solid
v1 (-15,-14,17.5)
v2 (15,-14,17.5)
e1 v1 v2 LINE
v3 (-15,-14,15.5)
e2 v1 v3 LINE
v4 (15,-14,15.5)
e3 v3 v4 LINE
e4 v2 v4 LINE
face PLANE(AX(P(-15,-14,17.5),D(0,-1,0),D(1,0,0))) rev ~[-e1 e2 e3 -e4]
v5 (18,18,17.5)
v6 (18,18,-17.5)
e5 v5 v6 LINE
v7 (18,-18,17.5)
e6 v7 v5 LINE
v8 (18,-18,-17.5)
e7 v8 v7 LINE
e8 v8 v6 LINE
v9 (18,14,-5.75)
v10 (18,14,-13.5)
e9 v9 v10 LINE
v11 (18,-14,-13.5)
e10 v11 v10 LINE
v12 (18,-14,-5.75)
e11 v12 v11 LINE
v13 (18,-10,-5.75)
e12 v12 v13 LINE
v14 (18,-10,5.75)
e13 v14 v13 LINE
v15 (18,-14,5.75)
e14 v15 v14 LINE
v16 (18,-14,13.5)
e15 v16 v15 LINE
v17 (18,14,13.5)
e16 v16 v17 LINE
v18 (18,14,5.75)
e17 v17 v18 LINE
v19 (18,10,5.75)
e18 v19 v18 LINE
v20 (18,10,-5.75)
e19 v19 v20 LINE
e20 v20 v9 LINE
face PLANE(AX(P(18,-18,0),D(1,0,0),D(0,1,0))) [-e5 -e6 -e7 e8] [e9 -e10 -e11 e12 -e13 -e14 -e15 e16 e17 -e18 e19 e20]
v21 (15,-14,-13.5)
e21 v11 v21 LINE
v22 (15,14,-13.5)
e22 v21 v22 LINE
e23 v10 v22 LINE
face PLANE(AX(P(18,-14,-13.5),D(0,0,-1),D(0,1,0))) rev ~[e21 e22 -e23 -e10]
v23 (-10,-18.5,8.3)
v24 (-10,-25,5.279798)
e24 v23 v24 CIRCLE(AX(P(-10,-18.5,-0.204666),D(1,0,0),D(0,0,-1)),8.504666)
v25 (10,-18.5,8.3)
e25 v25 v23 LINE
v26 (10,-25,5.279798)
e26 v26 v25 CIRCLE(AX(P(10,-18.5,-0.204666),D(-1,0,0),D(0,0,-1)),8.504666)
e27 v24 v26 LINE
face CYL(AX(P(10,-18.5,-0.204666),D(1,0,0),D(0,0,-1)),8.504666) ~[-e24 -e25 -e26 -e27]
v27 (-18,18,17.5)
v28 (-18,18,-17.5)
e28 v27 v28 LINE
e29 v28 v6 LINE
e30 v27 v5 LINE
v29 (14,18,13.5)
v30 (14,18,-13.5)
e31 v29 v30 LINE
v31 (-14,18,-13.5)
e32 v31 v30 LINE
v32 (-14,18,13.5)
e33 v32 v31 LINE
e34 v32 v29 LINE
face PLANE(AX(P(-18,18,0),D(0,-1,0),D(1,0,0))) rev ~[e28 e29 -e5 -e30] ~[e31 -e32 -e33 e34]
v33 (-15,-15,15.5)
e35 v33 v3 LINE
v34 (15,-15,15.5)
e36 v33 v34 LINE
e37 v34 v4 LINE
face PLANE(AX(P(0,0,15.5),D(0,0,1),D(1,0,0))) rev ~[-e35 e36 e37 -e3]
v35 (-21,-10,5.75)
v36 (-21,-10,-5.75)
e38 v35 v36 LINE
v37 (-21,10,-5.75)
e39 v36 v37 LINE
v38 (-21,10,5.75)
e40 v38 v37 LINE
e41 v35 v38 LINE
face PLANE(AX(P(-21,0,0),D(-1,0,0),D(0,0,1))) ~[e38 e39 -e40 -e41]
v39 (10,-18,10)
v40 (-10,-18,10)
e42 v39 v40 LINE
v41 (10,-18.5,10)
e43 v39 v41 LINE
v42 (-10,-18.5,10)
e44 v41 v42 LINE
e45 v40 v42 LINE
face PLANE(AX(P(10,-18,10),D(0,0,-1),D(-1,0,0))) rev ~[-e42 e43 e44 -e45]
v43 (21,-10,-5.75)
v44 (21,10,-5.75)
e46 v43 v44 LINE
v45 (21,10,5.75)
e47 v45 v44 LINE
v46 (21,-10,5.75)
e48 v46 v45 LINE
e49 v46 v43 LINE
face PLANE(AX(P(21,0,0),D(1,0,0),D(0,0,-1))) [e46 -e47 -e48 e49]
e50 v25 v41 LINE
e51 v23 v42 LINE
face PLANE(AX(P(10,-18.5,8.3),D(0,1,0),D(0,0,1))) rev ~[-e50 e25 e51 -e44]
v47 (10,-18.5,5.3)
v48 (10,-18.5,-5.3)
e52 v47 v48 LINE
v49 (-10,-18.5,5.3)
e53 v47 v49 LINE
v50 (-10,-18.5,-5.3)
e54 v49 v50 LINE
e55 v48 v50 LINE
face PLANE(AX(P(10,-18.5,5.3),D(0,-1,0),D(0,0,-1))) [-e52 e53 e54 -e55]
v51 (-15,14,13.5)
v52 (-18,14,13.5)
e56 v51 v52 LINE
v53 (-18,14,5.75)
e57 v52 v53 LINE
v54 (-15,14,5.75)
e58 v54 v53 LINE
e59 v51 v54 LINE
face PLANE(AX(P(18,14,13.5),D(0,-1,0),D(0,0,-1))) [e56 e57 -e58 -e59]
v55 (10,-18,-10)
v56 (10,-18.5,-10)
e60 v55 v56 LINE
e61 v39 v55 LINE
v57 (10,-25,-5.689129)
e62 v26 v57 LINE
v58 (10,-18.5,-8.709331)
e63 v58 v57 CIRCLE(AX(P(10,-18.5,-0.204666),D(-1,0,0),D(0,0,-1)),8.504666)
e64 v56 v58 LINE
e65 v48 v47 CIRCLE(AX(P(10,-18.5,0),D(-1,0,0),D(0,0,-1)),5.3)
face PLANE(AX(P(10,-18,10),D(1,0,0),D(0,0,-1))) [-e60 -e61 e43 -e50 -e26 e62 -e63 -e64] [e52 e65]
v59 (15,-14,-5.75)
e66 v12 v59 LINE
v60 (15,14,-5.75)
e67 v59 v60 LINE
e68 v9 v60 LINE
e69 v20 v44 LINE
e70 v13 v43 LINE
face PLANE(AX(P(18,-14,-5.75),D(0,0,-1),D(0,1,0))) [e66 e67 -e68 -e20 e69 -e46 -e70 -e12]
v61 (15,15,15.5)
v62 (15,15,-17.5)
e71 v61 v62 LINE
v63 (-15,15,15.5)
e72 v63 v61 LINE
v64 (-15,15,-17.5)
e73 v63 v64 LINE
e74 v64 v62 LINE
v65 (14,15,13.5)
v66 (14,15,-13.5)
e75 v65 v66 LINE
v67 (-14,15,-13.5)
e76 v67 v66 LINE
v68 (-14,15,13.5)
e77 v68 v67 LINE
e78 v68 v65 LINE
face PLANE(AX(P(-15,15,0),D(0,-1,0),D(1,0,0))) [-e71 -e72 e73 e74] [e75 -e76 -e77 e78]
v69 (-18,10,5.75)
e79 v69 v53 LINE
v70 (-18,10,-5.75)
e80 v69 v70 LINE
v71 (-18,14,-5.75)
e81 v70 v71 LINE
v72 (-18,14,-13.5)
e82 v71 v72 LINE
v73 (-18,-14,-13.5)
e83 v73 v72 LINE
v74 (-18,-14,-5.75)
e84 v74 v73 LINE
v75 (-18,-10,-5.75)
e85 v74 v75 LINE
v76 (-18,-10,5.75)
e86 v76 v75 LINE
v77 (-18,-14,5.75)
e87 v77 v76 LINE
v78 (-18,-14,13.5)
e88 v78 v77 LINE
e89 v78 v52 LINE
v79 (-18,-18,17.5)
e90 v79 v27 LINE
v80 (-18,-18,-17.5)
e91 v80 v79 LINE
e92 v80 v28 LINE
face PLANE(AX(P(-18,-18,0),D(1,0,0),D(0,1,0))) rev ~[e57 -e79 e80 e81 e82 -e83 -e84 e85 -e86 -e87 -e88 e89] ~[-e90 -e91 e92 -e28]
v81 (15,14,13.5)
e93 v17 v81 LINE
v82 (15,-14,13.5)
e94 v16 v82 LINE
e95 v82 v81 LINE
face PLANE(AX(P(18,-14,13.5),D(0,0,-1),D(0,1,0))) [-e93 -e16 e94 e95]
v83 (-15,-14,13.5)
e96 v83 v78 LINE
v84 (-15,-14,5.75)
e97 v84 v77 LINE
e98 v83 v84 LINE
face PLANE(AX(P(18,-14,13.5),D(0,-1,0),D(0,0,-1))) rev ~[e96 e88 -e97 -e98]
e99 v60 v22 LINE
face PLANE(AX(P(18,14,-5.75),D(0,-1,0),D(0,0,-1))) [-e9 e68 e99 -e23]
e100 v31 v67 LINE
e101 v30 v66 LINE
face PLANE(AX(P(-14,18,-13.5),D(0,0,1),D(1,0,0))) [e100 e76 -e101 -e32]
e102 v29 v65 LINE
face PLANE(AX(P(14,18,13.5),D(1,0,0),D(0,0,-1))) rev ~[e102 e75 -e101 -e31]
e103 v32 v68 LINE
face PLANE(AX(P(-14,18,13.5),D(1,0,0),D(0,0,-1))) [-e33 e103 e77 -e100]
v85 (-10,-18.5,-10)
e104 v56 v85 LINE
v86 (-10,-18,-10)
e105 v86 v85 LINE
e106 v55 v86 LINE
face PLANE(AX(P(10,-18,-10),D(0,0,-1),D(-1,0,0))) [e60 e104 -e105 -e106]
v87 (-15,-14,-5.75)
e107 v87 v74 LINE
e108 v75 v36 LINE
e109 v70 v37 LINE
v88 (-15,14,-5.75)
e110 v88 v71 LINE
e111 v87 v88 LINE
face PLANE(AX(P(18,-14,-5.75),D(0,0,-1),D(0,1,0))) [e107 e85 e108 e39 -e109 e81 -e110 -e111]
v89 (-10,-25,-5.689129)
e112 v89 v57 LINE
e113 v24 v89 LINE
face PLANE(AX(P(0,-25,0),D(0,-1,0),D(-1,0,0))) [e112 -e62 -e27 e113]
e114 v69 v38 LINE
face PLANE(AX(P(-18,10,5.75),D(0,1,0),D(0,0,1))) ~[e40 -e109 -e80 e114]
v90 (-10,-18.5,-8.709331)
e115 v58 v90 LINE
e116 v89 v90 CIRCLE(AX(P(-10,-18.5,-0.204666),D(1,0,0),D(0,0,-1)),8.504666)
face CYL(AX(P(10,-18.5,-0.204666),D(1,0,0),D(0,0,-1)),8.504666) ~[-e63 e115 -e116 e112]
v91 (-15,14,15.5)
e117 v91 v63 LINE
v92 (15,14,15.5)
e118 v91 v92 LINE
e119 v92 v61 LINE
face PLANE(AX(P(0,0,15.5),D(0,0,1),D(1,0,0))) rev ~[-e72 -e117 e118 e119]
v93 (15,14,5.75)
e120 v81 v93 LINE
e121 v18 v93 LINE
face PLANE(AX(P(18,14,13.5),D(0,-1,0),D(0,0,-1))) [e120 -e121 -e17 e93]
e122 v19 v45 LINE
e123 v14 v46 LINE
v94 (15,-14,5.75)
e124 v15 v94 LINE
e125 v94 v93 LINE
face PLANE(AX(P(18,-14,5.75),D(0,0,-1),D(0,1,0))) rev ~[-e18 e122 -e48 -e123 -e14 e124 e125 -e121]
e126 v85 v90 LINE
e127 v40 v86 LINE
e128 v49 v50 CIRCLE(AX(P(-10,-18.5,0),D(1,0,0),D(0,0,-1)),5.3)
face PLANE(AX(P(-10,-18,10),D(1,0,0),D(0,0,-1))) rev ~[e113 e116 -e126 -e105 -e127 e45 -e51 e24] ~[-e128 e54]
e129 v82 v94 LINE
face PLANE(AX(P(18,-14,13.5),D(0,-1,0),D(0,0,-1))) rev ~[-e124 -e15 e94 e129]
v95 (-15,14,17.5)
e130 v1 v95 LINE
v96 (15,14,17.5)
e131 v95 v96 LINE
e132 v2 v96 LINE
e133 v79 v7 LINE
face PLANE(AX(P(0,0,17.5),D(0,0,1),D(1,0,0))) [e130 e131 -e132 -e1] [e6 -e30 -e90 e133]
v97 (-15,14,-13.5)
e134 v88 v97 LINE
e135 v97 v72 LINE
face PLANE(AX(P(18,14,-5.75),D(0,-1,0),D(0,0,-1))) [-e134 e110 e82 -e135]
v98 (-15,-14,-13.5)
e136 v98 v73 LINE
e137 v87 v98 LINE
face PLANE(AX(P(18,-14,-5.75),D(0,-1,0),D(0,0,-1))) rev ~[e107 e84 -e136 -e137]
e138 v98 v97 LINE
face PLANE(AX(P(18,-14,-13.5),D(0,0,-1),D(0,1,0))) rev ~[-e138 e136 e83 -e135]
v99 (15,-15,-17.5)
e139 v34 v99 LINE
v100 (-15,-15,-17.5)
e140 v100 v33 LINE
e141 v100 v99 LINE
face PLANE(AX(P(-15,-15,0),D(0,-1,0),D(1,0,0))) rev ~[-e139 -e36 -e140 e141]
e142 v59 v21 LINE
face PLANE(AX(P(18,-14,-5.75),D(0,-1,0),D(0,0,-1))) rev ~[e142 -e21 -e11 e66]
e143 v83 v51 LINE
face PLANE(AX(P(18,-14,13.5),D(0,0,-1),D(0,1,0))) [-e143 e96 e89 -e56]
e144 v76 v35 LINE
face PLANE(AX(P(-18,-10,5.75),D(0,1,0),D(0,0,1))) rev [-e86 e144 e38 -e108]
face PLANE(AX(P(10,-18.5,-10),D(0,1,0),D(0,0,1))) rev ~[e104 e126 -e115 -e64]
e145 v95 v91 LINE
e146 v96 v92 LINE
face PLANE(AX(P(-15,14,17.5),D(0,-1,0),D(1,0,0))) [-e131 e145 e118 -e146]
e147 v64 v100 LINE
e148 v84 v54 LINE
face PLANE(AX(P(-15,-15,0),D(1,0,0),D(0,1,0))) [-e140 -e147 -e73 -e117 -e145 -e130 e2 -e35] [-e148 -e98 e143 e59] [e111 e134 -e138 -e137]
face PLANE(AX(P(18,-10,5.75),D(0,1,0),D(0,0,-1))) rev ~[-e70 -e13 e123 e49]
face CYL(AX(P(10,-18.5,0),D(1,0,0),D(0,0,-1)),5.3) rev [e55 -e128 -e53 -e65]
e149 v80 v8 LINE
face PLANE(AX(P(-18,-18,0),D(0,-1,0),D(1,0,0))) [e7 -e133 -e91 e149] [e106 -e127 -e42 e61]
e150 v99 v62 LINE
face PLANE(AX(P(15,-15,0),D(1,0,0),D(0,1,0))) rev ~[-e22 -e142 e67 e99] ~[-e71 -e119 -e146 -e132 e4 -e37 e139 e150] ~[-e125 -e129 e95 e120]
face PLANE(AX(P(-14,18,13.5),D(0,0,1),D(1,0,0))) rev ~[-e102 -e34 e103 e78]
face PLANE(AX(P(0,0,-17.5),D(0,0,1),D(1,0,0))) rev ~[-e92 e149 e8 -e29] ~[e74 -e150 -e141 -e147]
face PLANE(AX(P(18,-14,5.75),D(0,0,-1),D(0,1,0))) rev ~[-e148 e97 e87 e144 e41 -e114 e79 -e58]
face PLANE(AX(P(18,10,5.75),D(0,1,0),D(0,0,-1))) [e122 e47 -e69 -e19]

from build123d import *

# Parameters (mm, degrees)
SKETCH1_W               = 36
SKETCH1_H               = 36
BOSS_EXTRUDE1_DEPTH     = 17.5
SKETCH2_W               = 30
SKETCH2_H               = 30
CUT_EXTRUDE1_DEPTH      = 15.5
CUT_EXTRUDE1_DEPTH_BACK = 18.5
SKETCH3_W               = 30
SKETCH3_H               = 28
CUT_EXTRUDE3_DEPTH      = 36
SKETCH5_W               = 20
SKETCH5_H               = 20
BOSS_EXTRUDE2_DEPTH     = 7
CUT_EXTRUDE4_DEPTH      = 29
SKETCH7_W               = 11.5
SKETCH7_H               = 20
BOSS_EXTRUDE3_DEPTH     = 3
CUT_EXTRUDE5_DEPTH      = 32
CUT_EXTRUDE6_REACH      = 45
SKETCH10_W              = 28
SKETCH10_H              = 27
SKETCH11_W              = 7.75
SKETCH11_H              = 28
CUT_EXTRUDE7_DEPTH      = 40


with BuildPart() as part:
    # Sketch1 → Boss-Extrude1 (new body, symmetric)
    with BuildSketch(Plane.XY):
        Rectangle(SKETCH1_W, SKETCH1_H)
    extrude(amount=BOSS_EXTRUDE1_DEPTH, both=True)

    # Sketch2 → Cut-Extrude1 (cut, two sides)
    with BuildSketch(Plane.XY) as cut_extrude1_sk:
        Rectangle(SKETCH2_W, SKETCH2_H)
    extrude(amount=CUT_EXTRUDE1_DEPTH, mode=Mode.SUBTRACT)
    extrude(cut_extrude1_sk.sketch, amount=-CUT_EXTRUDE1_DEPTH_BACK, mode=Mode.SUBTRACT)

    # Sketch3 → Cut-Extrude3 (cut, through all)
    with BuildSketch(Plane.XY.offset(17.5)):
        Rectangle(SKETCH3_W, SKETCH3_H)
    extrude(amount=-CUT_EXTRUDE3_DEPTH, mode=Mode.SUBTRACT)

    # Sketch5 → Boss-Extrude2 (add)
    with BuildSketch(Plane(origin=(0, -18, 0), x_dir=(-1, 0, 0), z_dir=(0, -1, 0))):
        Rectangle(SKETCH5_W, SKETCH5_H)
    extrude(amount=BOSS_EXTRUDE2_DEPTH)

    # Sketch6 → Cut-Extrude4 (cut, through all)
    with BuildSketch(Plane(origin=(10, 0, 0), x_dir=(0, 0, -1), z_dir=(1, 0, 0))):
        with BuildLine():
            Line((-5.3, -18.5), (5.3, -18.5))
            ThreePointArc((5.3, -18.5), (0, -23.8), (-5.3, -18.5))
        make_face()
    extrude(amount=-CUT_EXTRUDE4_DEPTH, mode=Mode.SUBTRACT)

    # Sketch7 → Boss-Extrude3 (add)
    with BuildSketch(Plane(origin=(18, 0, 0), x_dir=(0, 0, -1), z_dir=(1, 0, 0))):
        Rectangle(SKETCH7_W, SKETCH7_H)
    boss_extrude3 = extrude(amount=BOSS_EXTRUDE3_DEPTH)

    # Mirror1: Boss-Extrude3 across plane
    add(boss_extrude3.mirror(Plane(origin=(0, 0, 0), x_dir=(0, 0, 1), z_dir=(1, 0, 0))))

    # Sketch9 → Cut-Extrude5 (cut, through all)
    with BuildSketch(Plane(origin=(10, 0, 0), x_dir=(0, 0, -1), z_dir=(1, 0, 0))):
        with BuildLine():
            Line((-8.3, -18.5), (-10, -18.5))
            Line((-10, -18.5), (-10, -28.666019684))
            Line((-10, -28.666019684), (10, -28.666019684))
            Line((10, -28.666019684), (10, -18.5))
            Line((10, -18.5), (8.709331347, -18.5))
            ThreePointArc((8.709331347, -18.5), (0.204665673, -27.004665673), (-8.3, -18.5))
        make_face()
    extrude(amount=-CUT_EXTRUDE5_DEPTH, mode=Mode.SUBTRACT)

    # Sketch10 → Cut-Extrude6 (cut, up to next)
    with BuildSketch(Plane(origin=(0, 18, 0), x_dir=(1, 0, 0), z_dir=(0, 1, 0)), mode=Mode.PRIVATE) as cut_extrude6_sk1:
        Rectangle(SKETCH10_W, SKETCH10_H)
    cut_extrude6_tool1 = extrude(cut_extrude6_sk1.sketch, amount=-CUT_EXTRUDE6_REACH, mode=Mode.PRIVATE) & part.part
    add(cut_extrude6_tool1.solids().sort_by_distance((0, 18, 0))[0], mode=Mode.SUBTRACT)

    # Sketch11 → Cut-Extrude7 (cut, through all)
    with BuildSketch(Plane(origin=(18, 0, 0), x_dir=(0, 0, -1), z_dir=(1, 0, 0))):
        with Locations((-9.625, 0)):
            Rectangle(SKETCH11_W, SKETCH11_H)
        with Locations((9.625, 0)):
            Rectangle(SKETCH11_W, SKETCH11_H)
    extrude(amount=-CUT_EXTRUDE7_DEPTH, mode=Mode.SUBTRACT)


solid = part.part
